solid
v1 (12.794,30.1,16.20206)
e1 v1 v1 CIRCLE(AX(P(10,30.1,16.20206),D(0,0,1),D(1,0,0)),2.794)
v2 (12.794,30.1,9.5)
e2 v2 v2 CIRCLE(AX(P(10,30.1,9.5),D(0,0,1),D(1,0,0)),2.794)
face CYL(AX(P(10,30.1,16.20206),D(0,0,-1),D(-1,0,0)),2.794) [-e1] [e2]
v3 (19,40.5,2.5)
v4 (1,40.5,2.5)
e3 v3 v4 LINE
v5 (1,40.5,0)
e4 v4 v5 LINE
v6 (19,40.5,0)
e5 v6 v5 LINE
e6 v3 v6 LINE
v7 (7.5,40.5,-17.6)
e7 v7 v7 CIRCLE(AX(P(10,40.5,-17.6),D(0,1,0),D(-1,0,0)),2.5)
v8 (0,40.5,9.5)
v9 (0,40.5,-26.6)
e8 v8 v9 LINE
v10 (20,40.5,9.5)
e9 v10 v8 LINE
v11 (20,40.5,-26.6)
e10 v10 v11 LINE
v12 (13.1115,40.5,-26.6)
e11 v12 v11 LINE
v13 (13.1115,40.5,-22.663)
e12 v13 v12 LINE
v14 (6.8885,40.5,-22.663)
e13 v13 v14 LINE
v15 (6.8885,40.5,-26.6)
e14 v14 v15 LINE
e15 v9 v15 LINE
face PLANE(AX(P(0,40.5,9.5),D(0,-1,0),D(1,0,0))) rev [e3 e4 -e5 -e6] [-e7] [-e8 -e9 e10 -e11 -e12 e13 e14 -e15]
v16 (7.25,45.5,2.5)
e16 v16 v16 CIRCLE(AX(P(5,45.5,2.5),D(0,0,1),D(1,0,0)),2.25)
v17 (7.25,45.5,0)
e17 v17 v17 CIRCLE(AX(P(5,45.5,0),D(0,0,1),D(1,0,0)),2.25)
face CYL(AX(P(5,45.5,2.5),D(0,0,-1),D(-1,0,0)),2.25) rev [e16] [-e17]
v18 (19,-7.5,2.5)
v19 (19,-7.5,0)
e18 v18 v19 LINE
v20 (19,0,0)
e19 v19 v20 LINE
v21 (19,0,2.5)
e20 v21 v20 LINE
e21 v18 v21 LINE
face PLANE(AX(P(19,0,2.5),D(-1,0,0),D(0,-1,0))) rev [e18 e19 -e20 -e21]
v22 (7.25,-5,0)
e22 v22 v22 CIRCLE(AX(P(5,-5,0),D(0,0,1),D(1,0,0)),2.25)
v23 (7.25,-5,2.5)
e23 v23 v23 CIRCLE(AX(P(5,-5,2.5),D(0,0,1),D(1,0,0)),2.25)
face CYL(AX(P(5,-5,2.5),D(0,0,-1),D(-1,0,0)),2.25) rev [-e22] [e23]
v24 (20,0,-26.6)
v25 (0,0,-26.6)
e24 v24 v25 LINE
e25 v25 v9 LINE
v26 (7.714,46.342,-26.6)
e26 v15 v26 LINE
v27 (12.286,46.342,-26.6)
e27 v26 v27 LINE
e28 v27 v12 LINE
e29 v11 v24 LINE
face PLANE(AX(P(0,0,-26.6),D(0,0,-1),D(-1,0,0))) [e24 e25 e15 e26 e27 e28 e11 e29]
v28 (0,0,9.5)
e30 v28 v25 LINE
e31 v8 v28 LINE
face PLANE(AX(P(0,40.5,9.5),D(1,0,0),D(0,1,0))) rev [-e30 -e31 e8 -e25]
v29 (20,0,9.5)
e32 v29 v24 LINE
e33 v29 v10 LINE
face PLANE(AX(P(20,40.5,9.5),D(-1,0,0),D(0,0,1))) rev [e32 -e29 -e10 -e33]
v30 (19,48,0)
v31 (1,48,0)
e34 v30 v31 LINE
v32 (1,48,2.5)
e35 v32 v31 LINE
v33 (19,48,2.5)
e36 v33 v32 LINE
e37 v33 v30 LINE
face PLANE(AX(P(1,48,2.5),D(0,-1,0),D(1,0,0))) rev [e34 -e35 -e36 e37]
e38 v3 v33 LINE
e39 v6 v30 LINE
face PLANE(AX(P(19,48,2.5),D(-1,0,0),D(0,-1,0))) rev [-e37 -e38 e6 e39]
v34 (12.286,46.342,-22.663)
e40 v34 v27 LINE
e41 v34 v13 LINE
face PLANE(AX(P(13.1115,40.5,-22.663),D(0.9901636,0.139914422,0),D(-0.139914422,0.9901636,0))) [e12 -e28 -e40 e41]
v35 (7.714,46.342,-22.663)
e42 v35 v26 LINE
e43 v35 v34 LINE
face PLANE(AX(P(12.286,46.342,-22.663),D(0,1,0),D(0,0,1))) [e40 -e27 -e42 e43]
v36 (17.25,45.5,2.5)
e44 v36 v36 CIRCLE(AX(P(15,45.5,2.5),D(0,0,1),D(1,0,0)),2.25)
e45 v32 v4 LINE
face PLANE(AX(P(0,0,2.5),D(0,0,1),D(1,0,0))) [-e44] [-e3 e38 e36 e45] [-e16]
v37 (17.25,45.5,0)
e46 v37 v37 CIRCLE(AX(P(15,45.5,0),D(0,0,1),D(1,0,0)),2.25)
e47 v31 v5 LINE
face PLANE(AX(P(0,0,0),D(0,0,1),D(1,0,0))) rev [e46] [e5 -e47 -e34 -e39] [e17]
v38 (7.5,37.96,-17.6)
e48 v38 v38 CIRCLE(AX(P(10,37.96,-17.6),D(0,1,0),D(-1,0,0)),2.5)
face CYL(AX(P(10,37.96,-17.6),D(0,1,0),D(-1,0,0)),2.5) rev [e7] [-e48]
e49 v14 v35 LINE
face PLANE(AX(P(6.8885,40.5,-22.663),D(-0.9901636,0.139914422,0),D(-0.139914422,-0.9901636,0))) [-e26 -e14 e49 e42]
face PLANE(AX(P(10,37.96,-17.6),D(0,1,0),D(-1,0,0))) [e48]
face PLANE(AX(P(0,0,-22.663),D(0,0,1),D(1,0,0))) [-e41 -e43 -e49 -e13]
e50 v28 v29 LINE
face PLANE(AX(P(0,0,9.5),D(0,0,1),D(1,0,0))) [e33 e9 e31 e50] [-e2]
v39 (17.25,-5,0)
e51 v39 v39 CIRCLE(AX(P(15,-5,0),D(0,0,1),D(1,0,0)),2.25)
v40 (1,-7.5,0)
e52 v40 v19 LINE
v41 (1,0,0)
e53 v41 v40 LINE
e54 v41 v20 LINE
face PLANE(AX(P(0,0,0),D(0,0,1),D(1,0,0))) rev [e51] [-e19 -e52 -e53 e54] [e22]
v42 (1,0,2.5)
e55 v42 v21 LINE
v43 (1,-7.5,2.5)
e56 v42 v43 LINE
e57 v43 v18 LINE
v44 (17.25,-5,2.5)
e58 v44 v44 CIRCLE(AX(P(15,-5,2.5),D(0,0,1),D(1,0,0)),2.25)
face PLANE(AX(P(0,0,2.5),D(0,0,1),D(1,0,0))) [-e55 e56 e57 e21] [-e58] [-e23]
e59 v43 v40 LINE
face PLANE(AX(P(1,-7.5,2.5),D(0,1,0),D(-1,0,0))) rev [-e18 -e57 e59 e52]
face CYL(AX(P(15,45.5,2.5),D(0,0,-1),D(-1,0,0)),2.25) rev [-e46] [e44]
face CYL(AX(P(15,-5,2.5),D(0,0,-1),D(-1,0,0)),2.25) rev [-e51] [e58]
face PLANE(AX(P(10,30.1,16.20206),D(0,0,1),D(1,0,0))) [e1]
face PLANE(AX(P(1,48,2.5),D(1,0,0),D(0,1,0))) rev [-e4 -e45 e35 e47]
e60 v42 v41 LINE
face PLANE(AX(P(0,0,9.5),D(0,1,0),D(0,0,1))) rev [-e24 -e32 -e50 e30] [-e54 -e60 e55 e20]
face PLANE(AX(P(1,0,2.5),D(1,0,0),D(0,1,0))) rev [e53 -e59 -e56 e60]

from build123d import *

# Parameters (mm, degrees)
SKETCH1_W           = 20
SKETCH1_H           = 40.5
BOSS_EXTRUDE1_DEPTH = 9.50000005
SKETCH2_W           = 20
SKETCH2_H           = 40.5
BOSS_EXTRUDE2_DEPTH = 17.1
SKETCH3_R           = 2.25
BOSS_EXTRUDE3_DEPTH = 2.5
SKETCH4_R           = 2.794
BOSS_EXTRUDE4_DEPTH = 6.702060002
SKETCH7_R           = 2.5
CUT_EXTRUDE1_DEPTH  = 2.54
BOSS_EXTRUDE6_DEPTH = 3.937


with BuildPart() as part:
    # Sketch1 → Boss-Extrude1 (new body, symmetric)
    with BuildSketch(Plane.XY):
        with Locations((10, 20.25)):
            Rectangle(SKETCH1_W, SKETCH1_H)
    extrude(amount=BOSS_EXTRUDE1_DEPTH, both=True)

    # Sketch2 → Boss-Extrude2 (add)
    with BuildSketch(Plane(origin=(0, 0, -9.50000005), x_dir=(-1, 0, 0), z_dir=(0, 0, -1))):
        with Locations((-10, 20.25)):
            Rectangle(SKETCH2_W, SKETCH2_H)
    extrude(amount=BOSS_EXTRUDE2_DEPTH)

    # Sketch3 → Boss-Extrude3 (add)
    with BuildSketch(Plane.XY):
        Polygon((19, 0), (19, -7.5), (1, -7.5), (1, 0), (0, 0), (0, 40.5), (1, 40.5), (1, 48), (19, 48), (19, 40.5), (20, 40.5), (20, 0), align=None)
        with Locations((5, -5)):
            Circle(SKETCH3_R, mode=Mode.SUBTRACT)
        with Locations((15, -5)):
            Circle(SKETCH3_R, mode=Mode.SUBTRACT)
        with Locations((5, 45.5)):
            Circle(SKETCH3_R, mode=Mode.SUBTRACT)
        with Locations((15, 45.5)):
            Circle(SKETCH3_R, mode=Mode.SUBTRACT)
    extrude(amount=BOSS_EXTRUDE3_DEPTH)

    # Sketch4 → Boss-Extrude4 (add)
    with BuildSketch(Plane.XY.offset(9.50000005)):
        with Locations((10, 30.1)):
            Circle(SKETCH4_R)
    extrude(amount=BOSS_EXTRUDE4_DEPTH)

    # Sketch7 → Cut-Extrude1 (cut)
    with BuildSketch(Plane(origin=(0, 40.5, 0), x_dir=(1, 0, 0), z_dir=(0, 1, 0))):
        with Locations((10, 17.60000005)):
            Circle(SKETCH7_R)
    extrude(amount=-CUT_EXTRUDE1_DEPTH, mode=Mode.SUBTRACT)

    # Sketch9 → Boss-Extrude6 (add)
    with BuildSketch(Plane(origin=(0, 0, -26.60000005), x_dir=(-1, 0, 0), z_dir=(0, 0, -1))):
        Polygon((-13.1115, 40.5), (-6.8885, 40.5), (-7.714, 46.342), (-12.286, 46.342), align=None)
    extrude(amount=-BOSS_EXTRUDE6_DEPTH)


solid = part.part
